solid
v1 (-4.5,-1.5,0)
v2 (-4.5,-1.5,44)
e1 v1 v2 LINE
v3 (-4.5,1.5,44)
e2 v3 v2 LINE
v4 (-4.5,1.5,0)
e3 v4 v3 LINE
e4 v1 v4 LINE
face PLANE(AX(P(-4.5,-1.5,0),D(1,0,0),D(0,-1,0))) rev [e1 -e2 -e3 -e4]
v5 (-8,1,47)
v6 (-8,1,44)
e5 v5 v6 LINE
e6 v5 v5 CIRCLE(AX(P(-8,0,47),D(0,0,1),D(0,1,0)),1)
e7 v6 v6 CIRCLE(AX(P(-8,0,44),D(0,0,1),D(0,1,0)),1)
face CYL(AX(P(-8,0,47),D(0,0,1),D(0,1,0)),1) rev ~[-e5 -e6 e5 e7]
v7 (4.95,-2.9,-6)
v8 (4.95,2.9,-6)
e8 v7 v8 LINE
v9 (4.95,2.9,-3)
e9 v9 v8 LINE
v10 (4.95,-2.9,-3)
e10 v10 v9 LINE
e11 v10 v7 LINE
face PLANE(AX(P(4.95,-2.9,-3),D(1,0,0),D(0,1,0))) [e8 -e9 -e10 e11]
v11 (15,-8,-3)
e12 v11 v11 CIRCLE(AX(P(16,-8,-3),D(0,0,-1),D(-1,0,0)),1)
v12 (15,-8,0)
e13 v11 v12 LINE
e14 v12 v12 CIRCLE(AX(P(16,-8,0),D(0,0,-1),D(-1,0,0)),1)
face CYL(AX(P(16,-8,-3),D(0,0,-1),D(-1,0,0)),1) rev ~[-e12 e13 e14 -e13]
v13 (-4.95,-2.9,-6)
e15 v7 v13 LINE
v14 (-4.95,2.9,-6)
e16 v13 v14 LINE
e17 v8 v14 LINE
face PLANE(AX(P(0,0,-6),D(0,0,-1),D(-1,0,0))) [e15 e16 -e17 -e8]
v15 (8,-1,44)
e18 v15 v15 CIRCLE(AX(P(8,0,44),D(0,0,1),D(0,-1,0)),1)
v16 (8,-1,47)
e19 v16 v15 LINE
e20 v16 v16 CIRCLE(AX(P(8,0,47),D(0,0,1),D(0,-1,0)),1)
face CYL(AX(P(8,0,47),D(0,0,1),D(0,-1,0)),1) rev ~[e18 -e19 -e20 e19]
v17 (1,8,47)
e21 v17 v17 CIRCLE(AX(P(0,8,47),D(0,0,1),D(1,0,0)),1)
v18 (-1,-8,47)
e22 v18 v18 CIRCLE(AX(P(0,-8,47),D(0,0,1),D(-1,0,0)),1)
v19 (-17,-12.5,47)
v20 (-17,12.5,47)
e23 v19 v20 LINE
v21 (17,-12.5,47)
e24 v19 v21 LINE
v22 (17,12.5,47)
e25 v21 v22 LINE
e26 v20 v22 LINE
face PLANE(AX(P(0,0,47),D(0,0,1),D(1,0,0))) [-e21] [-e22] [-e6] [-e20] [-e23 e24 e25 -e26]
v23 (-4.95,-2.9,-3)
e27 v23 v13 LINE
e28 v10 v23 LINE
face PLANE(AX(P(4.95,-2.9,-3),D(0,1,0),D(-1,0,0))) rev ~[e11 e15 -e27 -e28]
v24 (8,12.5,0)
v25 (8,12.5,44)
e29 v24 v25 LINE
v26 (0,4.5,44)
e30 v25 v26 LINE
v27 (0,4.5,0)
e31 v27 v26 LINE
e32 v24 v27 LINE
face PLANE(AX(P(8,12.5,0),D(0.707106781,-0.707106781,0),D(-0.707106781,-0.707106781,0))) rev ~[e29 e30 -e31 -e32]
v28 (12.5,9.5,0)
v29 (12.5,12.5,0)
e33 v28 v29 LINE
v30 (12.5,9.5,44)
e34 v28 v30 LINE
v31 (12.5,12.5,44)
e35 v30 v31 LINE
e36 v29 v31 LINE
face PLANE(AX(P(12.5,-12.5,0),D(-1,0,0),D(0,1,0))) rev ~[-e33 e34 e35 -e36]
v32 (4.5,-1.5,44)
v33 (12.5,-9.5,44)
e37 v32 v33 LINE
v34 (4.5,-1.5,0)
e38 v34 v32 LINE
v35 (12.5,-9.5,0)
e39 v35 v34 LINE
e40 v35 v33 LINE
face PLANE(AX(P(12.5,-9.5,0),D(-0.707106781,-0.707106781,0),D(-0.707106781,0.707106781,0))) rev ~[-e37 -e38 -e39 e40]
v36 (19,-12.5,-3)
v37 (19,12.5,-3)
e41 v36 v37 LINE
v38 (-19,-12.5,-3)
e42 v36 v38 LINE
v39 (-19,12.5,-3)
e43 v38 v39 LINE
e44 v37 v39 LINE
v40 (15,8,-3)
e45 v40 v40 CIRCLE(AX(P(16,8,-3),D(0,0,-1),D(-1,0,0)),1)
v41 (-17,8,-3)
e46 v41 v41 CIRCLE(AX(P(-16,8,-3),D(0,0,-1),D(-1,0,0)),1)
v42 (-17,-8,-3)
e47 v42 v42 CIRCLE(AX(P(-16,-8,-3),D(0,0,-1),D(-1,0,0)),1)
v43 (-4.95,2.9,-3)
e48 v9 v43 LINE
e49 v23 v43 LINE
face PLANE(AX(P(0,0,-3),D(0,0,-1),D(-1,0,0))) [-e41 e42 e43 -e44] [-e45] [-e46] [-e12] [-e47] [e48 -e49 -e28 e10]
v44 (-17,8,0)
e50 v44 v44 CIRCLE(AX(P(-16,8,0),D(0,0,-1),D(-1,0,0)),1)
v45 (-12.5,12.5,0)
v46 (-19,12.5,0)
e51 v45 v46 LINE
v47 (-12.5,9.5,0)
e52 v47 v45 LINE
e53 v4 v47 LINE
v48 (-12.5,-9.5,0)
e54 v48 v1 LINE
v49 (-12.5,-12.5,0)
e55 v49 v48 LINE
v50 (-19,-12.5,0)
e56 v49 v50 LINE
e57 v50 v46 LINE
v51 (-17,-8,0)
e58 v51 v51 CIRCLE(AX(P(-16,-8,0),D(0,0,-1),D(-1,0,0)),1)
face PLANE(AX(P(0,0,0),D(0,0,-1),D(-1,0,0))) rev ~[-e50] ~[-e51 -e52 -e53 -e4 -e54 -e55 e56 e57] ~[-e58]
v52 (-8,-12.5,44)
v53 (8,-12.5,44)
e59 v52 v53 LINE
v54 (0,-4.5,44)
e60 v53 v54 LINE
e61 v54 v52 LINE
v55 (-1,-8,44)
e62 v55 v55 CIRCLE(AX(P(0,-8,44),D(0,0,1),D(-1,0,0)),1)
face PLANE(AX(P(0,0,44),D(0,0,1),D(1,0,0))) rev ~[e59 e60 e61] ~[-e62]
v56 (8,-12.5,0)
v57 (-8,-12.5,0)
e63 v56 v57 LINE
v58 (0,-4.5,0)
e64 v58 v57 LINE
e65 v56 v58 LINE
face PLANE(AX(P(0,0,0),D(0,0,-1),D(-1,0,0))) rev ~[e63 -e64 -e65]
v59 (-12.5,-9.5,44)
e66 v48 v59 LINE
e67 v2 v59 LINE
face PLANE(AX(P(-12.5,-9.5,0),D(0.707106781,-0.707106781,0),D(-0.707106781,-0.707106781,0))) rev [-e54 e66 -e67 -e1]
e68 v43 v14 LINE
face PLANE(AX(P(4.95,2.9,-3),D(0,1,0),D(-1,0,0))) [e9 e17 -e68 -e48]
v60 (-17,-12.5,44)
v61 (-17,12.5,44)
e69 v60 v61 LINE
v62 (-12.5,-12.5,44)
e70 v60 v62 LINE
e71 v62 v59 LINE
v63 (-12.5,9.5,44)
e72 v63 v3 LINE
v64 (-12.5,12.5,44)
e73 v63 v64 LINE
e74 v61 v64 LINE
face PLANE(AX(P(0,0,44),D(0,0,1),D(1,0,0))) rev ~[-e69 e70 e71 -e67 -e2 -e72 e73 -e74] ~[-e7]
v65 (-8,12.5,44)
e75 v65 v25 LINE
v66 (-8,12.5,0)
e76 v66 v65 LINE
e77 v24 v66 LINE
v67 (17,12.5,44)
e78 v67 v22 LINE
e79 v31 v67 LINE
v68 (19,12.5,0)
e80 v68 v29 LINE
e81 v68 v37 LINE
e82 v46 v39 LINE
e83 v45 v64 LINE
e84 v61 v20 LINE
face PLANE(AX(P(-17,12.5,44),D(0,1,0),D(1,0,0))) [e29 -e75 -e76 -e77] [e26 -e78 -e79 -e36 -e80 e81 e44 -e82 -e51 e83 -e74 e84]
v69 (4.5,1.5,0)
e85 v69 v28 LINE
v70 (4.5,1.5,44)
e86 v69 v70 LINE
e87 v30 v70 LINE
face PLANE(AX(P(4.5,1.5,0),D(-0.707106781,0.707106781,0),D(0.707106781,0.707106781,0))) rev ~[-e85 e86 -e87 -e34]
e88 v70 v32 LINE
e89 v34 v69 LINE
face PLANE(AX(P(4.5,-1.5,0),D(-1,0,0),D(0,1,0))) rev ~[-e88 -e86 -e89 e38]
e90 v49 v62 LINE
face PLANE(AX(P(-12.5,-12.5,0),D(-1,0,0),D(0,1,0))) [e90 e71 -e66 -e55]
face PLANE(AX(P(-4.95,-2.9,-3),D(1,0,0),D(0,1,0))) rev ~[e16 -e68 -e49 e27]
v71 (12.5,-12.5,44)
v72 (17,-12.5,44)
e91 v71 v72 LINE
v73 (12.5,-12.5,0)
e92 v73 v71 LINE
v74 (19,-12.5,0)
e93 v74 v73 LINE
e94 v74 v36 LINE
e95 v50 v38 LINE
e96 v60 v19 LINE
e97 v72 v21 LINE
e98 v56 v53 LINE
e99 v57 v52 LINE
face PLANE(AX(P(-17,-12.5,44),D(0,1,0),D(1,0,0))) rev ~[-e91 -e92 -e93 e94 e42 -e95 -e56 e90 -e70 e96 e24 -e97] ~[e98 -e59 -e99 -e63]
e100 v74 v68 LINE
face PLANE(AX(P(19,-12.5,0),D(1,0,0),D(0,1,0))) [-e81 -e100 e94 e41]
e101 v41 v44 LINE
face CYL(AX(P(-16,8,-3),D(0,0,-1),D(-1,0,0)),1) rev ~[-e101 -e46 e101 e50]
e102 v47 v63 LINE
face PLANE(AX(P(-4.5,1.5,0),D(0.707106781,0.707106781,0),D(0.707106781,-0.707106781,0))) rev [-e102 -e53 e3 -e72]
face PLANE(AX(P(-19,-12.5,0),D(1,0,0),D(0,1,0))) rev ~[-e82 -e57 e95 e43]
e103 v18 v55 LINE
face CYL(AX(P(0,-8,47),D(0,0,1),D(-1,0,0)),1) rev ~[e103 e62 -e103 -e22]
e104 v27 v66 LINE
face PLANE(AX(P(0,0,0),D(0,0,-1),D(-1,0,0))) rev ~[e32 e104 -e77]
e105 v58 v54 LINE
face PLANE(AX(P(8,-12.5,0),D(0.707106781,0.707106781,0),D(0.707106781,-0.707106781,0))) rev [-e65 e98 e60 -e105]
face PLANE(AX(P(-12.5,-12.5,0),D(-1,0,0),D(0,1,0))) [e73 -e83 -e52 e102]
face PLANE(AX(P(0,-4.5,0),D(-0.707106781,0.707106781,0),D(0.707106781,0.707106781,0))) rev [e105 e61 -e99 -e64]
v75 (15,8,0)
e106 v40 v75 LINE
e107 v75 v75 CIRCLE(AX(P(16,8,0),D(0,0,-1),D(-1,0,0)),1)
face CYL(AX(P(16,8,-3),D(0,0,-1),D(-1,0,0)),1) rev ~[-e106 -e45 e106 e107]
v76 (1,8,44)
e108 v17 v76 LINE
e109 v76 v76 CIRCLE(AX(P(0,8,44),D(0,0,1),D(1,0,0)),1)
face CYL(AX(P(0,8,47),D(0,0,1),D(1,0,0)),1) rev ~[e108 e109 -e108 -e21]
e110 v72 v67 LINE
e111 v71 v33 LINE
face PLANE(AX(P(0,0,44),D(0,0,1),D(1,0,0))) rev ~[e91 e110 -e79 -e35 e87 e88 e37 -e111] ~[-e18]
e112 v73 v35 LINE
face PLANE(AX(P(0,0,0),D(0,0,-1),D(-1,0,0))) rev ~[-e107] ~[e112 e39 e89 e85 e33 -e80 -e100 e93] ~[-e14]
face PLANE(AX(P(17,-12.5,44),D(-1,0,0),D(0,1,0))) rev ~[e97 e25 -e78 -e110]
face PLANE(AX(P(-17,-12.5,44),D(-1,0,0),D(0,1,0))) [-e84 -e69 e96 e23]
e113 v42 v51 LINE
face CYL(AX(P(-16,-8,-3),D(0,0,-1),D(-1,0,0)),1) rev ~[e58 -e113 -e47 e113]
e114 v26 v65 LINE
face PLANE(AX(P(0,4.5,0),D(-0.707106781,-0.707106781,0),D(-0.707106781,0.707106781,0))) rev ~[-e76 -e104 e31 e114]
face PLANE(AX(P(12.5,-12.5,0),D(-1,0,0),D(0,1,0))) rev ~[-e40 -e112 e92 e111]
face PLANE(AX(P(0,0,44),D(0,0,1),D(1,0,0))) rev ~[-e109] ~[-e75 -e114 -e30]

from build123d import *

# Parameters (mm, degrees)
SKETCH_1_W                       = 25
SKETCH_1_H                       = 25
EXTRUDE_1_DEPTH                  = 44
CUT_EXTRUDE_1_DEPTH              = 100
CUT_EXTRUDE_4_DEPTH              = 44
SKETCH_3_W                       = 38
SKETCH_3_H                       = 25
EXTRUDE_2_DEPTH                  = 3
SKETCH_4_R                       = 1
CUT_EXTRUDE_2_DEPTH              = 3
PATTERN_LINEAR_1_COUNT           = 2
PATTERN_LINEAR_1_PITCH           = 32
PATTERN_LINEAR_2_COUNT           = 2
PATTERN_LINEAR_2_PITCH           = 16
PATTERN_LINEAR_2_COPY_1_SKETCH_R = 1
PATTERN_LINEAR_2_COPY_1_DEPTH    = 3
SKETCH_6_W                       = 9.9
SKETCH_6_H                       = 5.8
EXTRUDE_3_DEPTH                  = 3
SKETCH_7_W                       = 34
SKETCH_7_H                       = 25
EXTRUDE_4_DEPTH                  = 3
SKETCH_8_R                       = 1
CUT_EXTRUDE_3_DEPTH              = 3
PATTERN_CIRCULAR_1_COUNT         = 4


with BuildPart() as part:
    # 草图1 → 凸台-拉伸1 (new body)
    with BuildSketch(Plane.XY):
        Rectangle(SKETCH_1_W, SKETCH_1_H)
    extrude(amount=EXTRUDE_1_DEPTH)

    # 草图2 → 切除-拉伸1 (cut)
    with BuildSketch(Plane(origin=(0, 0, 0), x_dir=(-1, 0, 0), z_dir=(0, 0, -1))):
        Polygon((-4.5, 1.5), (-12.5, 9.5), (-12.5, -9.5), (-4.5, -1.5), align=None)
    cut_extrude_1 = extrude(amount=-CUT_EXTRUDE_1_DEPTH, mode=Mode.SUBTRACT)

    # 镜向1: 切除-拉伸1 across plane
    add(cut_extrude_1.mirror(Plane(origin=(0, 0, 0), x_dir=(0, 0, 1), z_dir=(1, 0, 0))), mode=Mode.SUBTRACT)

    # 草图9 → 切除-拉伸4 (cut)
    with BuildSketch(Plane(origin=(0, 0, 0), x_dir=(-1, 0, 0), z_dir=(0, 0, -1))):
        Polygon((-8, 12.5), (0, 4.5), (8, 12.5), align=None)
    cut_extrude_4 = extrude(amount=-CUT_EXTRUDE_4_DEPTH, mode=Mode.SUBTRACT)

    # 镜向2: 切除-拉伸4 across plane
    add(cut_extrude_4.mirror(Plane.ZX), mode=Mode.SUBTRACT)

    # 草图3 → 凸台-拉伸2 (add)
    with BuildSketch(Plane(origin=(0, 0, 0), x_dir=(-1, 0, 0), z_dir=(0, 0, -1))):
        Rectangle(SKETCH_3_W, SKETCH_3_H)
    extrude(amount=EXTRUDE_2_DEPTH)

    # 草图4 → 切除-拉伸2 (cut)
    with BuildSketch(Plane(origin=(0, 0, -3), x_dir=(-1, 0, 0), z_dir=(0, 0, -1))):
        with Locations((-16, 8)):
            Circle(SKETCH_4_R)
    cut_extrude_2 = extrude(amount=-CUT_EXTRUDE_2_DEPTH, mode=Mode.SUBTRACT)

    # 阵列(线性)1: 切除-拉伸2 ×2
    with Locations(*[(-i * PATTERN_LINEAR_1_PITCH, 0, 0) for i in range(1, PATTERN_LINEAR_1_COUNT)]):
        add(cut_extrude_2, mode=Mode.SUBTRACT)

    # 阵列(线性)2: 切除-拉伸2 ×2
    with Locations(*[(0, -i * PATTERN_LINEAR_2_PITCH, 0) for i in range(1, PATTERN_LINEAR_2_COUNT)]):
        add(cut_extrude_2, mode=Mode.SUBTRACT)

    # 阵列(线性)2 copy 1 sketch → 阵列(线性)2 copy 1 (cut)
    with BuildSketch(Plane(origin=(-32, -16, -3), x_dir=(-1, 0, 0), z_dir=(0, 0, -1))):
        with Locations((-16, 8)):
            Circle(PATTERN_LINEAR_2_COPY_1_SKETCH_R)
    extrude(amount=-PATTERN_LINEAR_2_COPY_1_DEPTH, mode=Mode.SUBTRACT)

    # 草图6 → 凸台-拉伸3 (add)
    with BuildSketch(Plane(origin=(0, 0, -3), x_dir=(-1, 0, 0), z_dir=(0, 0, -1))):
        Rectangle(SKETCH_6_W, SKETCH_6_H)
    extrude(amount=EXTRUDE_3_DEPTH)

    # 草图7 → 凸台-拉伸4 (add)
    with BuildSketch(Plane.XY.offset(44)):
        Rectangle(SKETCH_7_W, SKETCH_7_H)
    extrude(amount=EXTRUDE_4_DEPTH)

    # 草图8 → 切除-拉伸3 (cut)
    with BuildSketch(Plane.XY.offset(47)):
        with Locations((0, 8)):
            Circle(SKETCH_8_R)
    cut_extrude_3 = extrude(amount=-CUT_EXTRUDE_3_DEPTH, mode=Mode.SUBTRACT)

    # 阵列(圆周)1: 切除-拉伸3 ×4 about axis
    pattern_circular_1_axis = Axis((0, 0, 0), (0, 0, 1))
    for i in range(1, PATTERN_CIRCULAR_1_COUNT):
        add(cut_extrude_3.rotate(pattern_circular_1_axis, i * 360 / PATTERN_CIRCULAR_1_COUNT), mode=Mode.SUBTRACT)


solid = part.part
